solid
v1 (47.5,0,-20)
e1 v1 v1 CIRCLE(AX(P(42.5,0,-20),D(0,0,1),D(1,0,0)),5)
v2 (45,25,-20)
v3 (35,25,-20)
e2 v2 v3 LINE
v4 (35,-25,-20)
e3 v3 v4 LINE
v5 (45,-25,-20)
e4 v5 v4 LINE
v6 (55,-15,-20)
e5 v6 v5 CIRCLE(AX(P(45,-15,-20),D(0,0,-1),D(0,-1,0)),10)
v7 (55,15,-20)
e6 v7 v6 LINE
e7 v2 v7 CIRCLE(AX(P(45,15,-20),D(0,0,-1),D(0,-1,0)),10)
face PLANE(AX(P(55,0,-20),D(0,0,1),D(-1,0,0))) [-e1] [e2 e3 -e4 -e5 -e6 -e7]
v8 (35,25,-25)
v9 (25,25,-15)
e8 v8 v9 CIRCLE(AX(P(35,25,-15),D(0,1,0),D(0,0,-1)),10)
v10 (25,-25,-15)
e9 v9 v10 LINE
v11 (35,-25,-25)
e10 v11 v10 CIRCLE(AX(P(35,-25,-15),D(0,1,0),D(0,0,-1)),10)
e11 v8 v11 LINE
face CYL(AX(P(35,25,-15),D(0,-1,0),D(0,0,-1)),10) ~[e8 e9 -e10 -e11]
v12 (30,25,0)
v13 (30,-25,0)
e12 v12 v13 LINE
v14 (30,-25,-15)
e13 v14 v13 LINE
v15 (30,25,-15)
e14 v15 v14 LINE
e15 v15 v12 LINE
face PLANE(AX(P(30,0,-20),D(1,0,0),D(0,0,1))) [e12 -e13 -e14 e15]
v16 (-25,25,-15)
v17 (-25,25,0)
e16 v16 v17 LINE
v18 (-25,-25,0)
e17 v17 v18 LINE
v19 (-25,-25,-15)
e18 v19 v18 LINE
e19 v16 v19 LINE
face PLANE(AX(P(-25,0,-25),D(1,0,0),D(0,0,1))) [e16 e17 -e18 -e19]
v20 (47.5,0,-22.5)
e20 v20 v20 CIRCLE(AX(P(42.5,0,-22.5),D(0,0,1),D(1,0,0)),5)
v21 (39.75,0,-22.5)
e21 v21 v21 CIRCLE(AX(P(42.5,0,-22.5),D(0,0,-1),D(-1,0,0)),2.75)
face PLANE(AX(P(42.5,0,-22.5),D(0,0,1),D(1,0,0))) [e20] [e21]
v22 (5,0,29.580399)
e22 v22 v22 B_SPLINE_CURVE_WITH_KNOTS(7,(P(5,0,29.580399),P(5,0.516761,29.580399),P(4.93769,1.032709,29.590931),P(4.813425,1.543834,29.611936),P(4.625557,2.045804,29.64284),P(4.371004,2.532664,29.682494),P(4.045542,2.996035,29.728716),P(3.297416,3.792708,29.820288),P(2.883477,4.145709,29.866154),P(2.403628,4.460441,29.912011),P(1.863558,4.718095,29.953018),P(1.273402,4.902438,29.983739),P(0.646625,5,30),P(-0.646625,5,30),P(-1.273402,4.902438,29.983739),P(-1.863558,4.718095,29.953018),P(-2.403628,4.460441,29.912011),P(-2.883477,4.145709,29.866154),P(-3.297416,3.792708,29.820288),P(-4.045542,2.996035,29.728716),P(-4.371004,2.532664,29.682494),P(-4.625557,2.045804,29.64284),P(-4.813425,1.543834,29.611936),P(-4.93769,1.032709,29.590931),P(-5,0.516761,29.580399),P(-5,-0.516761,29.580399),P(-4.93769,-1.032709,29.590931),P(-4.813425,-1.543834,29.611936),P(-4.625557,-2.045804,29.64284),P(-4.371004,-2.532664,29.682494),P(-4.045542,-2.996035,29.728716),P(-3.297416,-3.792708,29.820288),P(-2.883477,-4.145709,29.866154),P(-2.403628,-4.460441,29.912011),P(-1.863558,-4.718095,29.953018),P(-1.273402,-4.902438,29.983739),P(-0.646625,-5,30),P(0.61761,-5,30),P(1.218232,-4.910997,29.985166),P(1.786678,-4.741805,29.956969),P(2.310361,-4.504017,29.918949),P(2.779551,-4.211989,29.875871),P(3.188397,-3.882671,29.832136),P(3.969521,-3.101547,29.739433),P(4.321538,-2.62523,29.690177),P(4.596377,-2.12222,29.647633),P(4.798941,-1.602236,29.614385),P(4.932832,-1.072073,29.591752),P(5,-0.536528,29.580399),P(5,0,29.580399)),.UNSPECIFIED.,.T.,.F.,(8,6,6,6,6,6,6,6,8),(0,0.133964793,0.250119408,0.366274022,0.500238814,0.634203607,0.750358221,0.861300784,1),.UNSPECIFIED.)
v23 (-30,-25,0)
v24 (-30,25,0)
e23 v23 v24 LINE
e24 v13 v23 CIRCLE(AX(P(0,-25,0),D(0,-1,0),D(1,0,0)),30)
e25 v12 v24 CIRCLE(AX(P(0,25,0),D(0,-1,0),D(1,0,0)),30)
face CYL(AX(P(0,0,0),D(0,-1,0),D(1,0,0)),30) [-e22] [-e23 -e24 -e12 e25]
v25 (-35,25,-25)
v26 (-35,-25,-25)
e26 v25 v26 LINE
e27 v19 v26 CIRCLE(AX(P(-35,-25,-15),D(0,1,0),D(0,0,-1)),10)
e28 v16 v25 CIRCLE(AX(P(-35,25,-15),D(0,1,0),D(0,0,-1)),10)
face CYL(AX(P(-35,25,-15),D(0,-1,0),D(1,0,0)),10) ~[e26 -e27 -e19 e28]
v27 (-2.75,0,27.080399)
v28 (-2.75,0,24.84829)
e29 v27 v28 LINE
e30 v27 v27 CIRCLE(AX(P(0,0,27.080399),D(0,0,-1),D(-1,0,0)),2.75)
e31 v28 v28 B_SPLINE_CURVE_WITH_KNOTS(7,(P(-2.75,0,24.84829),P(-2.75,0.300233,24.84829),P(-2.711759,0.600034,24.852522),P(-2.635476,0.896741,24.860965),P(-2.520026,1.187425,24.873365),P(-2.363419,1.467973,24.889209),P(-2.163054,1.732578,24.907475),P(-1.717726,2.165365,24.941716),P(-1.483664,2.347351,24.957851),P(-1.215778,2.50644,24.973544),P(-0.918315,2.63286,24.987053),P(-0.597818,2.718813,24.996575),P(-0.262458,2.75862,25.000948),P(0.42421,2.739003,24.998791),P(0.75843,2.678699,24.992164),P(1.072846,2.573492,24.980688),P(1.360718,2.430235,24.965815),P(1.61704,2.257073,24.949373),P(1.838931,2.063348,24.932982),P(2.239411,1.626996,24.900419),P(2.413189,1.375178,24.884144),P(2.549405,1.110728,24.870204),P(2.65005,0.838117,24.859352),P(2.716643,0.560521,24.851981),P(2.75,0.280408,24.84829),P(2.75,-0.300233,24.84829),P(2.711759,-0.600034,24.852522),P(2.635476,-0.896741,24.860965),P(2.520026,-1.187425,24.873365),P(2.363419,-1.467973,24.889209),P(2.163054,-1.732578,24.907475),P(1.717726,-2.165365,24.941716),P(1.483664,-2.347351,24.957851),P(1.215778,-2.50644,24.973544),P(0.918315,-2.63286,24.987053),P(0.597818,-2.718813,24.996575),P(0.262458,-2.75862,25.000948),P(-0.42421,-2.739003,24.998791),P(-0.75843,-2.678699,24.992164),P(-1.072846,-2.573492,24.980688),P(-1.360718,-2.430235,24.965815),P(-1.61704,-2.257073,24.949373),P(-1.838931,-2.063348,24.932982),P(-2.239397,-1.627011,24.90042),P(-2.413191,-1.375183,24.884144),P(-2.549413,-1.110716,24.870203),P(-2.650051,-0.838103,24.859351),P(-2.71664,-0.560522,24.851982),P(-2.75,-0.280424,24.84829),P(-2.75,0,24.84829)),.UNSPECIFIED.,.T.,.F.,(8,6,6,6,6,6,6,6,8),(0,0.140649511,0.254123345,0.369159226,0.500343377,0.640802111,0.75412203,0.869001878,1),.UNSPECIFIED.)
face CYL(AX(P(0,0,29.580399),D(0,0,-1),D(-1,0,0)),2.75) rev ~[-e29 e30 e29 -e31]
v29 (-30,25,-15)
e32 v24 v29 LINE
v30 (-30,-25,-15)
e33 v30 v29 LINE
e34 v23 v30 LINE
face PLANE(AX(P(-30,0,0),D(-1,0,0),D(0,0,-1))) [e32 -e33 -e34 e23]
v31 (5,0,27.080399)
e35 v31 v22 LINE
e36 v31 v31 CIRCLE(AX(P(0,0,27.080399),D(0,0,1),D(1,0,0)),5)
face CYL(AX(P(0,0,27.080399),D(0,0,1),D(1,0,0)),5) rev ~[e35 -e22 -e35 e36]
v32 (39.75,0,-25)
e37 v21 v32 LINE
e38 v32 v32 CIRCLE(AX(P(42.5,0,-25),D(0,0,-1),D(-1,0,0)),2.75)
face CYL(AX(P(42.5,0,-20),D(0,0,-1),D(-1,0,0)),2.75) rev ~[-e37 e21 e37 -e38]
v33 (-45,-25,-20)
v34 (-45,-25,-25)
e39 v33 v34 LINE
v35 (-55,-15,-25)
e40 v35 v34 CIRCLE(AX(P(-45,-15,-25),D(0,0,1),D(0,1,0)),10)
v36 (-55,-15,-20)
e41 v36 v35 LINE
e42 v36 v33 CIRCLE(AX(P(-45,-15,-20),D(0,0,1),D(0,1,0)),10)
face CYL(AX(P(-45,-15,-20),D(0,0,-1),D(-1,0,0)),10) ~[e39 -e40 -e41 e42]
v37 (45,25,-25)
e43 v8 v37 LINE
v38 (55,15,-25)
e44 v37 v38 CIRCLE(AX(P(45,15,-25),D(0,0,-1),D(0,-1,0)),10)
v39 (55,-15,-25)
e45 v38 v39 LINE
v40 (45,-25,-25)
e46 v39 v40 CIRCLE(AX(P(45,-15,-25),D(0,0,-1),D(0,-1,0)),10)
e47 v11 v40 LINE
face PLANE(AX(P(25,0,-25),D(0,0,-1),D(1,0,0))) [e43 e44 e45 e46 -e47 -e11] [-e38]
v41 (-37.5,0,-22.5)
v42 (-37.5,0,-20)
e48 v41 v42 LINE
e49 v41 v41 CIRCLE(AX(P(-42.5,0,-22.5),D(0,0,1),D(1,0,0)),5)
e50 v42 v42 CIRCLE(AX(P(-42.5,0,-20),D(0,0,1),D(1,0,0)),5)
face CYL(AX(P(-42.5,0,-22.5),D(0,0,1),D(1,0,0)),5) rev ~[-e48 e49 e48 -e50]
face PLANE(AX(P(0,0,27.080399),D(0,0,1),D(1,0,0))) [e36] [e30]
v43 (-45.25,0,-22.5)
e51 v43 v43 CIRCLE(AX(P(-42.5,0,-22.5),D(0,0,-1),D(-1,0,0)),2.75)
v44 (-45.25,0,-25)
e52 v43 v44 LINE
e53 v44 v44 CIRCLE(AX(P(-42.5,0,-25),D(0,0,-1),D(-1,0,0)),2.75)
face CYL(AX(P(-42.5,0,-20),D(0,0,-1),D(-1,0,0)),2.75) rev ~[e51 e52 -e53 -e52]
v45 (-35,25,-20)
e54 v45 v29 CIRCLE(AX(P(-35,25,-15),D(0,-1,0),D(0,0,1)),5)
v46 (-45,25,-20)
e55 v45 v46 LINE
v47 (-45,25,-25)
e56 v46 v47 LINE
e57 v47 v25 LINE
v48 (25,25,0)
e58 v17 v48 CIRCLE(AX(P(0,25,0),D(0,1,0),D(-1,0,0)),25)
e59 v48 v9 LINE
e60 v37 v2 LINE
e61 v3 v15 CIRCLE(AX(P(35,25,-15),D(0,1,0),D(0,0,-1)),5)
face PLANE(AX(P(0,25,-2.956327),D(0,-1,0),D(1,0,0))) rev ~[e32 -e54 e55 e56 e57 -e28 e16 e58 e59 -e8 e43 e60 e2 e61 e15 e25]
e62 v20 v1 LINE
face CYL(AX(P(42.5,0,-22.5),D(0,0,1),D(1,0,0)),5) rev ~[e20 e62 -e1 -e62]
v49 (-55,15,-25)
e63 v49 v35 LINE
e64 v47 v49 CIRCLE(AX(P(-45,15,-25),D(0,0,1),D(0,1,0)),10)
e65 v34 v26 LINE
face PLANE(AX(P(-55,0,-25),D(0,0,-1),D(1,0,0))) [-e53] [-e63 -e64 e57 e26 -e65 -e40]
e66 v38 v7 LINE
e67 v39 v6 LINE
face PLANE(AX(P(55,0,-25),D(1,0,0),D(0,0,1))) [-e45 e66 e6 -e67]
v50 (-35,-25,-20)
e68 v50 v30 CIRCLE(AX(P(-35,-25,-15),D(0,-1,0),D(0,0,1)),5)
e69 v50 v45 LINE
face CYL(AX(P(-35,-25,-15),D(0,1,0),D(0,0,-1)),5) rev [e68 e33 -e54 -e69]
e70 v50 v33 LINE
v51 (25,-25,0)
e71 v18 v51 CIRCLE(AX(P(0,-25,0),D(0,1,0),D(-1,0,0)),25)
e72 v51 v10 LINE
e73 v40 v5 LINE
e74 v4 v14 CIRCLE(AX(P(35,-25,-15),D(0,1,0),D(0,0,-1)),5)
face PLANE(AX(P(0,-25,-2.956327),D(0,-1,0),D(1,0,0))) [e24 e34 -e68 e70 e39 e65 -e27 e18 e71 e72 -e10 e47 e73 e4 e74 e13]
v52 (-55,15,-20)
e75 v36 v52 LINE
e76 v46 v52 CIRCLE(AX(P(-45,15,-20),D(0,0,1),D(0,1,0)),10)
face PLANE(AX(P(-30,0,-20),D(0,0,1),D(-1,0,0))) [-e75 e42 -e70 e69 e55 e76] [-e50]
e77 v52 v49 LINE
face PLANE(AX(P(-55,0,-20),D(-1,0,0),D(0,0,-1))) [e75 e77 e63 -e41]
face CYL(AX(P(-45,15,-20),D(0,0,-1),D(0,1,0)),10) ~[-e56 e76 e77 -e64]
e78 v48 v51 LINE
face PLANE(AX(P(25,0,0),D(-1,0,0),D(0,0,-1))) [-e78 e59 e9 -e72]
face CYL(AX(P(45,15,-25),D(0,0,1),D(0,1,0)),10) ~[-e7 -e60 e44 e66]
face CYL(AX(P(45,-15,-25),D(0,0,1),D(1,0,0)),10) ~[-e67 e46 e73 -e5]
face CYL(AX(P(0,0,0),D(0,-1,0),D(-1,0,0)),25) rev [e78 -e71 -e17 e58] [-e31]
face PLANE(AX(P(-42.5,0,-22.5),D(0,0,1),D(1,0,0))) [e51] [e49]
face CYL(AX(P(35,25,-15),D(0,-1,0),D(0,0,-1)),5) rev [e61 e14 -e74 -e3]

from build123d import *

# Parameters (mm, degrees)
F1_DEPTH       = 25
F5_D           = 5.5
F5_START       = 0.4196012
F5_CBORE_D     = 10
F5_CBORE_DEPTH = 2.5
F7_D           = 5.5
F7_CBORE_D     = 10
F7_CBORE_DEPTH = 2.5
F8_R           = 5
F9_R           = 10
F10_R          = 10


with BuildPart() as f1:
    # F0 (on Front) → F1 (new body, symmetric)
    with BuildSketch(Plane.XZ):
        with BuildLine():
            Line((-55, -20), (-55, -25))
            Line((-55, -25), (-25, -25))
            Line((-25, -25), (-25, 0))
            ThreePointArc((-25, 0), (0, 25), (25, 0))
            Line((25, 0), (25, -25))
            Line((25, -25), (55, -25))
            Line((55, -25), (55, -20))
            Line((55, -20), (30, -20))
            Line((30, -20), (30, 0))
            ThreePointArc((30, 0), (0, 30), (-30, 0))
            Line((-30, 0), (-30, -20))
            Line((-30, -20), (-55, -20))
        make_face()
    extrude(amount=F1_DEPTH, both=True)

    # F5 (through all)
    # its depths count from where the whole tool has entered the part; down to there all is cleared
    with Locations(Plane.XY.offset(30).offset(-F5_START)):
        with Locations((0, 0)):
            CounterBoreHole(F5_D / 2, F5_CBORE_D / 2, F5_CBORE_DEPTH)

    # F7 (through all)
    with Locations(Plane.XY.offset(-20)):
        with Locations((-42.5, 0), (42.5, 0)):
            CounterBoreHole(F7_D / 2, F7_CBORE_D / 2, F7_CBORE_DEPTH)

    # F8
    f8_edges = [f1.edges().sort_by_distance(p)[0] for p in [
        (30, 0, -20),
        (-30, 0, -20),
    ]]
    fillet(f8_edges, radius=F8_R)

    # F9
    f9_edges = [f1.edges().sort_by_distance(p)[0] for p in [
        (25, 0, -25),
        (-25, 0, -25),
    ]]
    fillet(f9_edges, radius=F9_R)

    # F10
    f10_edges = [f1.edges().sort_by_distance(p)[0] for p in [
        (-55, -25, -22.5),
        (55, -25, -22.5),
        (55, 25, -22.5),
        (-55, 25, -22.5),
    ]]
    fillet(f10_edges, radius=F10_R)


solid = f1.part
